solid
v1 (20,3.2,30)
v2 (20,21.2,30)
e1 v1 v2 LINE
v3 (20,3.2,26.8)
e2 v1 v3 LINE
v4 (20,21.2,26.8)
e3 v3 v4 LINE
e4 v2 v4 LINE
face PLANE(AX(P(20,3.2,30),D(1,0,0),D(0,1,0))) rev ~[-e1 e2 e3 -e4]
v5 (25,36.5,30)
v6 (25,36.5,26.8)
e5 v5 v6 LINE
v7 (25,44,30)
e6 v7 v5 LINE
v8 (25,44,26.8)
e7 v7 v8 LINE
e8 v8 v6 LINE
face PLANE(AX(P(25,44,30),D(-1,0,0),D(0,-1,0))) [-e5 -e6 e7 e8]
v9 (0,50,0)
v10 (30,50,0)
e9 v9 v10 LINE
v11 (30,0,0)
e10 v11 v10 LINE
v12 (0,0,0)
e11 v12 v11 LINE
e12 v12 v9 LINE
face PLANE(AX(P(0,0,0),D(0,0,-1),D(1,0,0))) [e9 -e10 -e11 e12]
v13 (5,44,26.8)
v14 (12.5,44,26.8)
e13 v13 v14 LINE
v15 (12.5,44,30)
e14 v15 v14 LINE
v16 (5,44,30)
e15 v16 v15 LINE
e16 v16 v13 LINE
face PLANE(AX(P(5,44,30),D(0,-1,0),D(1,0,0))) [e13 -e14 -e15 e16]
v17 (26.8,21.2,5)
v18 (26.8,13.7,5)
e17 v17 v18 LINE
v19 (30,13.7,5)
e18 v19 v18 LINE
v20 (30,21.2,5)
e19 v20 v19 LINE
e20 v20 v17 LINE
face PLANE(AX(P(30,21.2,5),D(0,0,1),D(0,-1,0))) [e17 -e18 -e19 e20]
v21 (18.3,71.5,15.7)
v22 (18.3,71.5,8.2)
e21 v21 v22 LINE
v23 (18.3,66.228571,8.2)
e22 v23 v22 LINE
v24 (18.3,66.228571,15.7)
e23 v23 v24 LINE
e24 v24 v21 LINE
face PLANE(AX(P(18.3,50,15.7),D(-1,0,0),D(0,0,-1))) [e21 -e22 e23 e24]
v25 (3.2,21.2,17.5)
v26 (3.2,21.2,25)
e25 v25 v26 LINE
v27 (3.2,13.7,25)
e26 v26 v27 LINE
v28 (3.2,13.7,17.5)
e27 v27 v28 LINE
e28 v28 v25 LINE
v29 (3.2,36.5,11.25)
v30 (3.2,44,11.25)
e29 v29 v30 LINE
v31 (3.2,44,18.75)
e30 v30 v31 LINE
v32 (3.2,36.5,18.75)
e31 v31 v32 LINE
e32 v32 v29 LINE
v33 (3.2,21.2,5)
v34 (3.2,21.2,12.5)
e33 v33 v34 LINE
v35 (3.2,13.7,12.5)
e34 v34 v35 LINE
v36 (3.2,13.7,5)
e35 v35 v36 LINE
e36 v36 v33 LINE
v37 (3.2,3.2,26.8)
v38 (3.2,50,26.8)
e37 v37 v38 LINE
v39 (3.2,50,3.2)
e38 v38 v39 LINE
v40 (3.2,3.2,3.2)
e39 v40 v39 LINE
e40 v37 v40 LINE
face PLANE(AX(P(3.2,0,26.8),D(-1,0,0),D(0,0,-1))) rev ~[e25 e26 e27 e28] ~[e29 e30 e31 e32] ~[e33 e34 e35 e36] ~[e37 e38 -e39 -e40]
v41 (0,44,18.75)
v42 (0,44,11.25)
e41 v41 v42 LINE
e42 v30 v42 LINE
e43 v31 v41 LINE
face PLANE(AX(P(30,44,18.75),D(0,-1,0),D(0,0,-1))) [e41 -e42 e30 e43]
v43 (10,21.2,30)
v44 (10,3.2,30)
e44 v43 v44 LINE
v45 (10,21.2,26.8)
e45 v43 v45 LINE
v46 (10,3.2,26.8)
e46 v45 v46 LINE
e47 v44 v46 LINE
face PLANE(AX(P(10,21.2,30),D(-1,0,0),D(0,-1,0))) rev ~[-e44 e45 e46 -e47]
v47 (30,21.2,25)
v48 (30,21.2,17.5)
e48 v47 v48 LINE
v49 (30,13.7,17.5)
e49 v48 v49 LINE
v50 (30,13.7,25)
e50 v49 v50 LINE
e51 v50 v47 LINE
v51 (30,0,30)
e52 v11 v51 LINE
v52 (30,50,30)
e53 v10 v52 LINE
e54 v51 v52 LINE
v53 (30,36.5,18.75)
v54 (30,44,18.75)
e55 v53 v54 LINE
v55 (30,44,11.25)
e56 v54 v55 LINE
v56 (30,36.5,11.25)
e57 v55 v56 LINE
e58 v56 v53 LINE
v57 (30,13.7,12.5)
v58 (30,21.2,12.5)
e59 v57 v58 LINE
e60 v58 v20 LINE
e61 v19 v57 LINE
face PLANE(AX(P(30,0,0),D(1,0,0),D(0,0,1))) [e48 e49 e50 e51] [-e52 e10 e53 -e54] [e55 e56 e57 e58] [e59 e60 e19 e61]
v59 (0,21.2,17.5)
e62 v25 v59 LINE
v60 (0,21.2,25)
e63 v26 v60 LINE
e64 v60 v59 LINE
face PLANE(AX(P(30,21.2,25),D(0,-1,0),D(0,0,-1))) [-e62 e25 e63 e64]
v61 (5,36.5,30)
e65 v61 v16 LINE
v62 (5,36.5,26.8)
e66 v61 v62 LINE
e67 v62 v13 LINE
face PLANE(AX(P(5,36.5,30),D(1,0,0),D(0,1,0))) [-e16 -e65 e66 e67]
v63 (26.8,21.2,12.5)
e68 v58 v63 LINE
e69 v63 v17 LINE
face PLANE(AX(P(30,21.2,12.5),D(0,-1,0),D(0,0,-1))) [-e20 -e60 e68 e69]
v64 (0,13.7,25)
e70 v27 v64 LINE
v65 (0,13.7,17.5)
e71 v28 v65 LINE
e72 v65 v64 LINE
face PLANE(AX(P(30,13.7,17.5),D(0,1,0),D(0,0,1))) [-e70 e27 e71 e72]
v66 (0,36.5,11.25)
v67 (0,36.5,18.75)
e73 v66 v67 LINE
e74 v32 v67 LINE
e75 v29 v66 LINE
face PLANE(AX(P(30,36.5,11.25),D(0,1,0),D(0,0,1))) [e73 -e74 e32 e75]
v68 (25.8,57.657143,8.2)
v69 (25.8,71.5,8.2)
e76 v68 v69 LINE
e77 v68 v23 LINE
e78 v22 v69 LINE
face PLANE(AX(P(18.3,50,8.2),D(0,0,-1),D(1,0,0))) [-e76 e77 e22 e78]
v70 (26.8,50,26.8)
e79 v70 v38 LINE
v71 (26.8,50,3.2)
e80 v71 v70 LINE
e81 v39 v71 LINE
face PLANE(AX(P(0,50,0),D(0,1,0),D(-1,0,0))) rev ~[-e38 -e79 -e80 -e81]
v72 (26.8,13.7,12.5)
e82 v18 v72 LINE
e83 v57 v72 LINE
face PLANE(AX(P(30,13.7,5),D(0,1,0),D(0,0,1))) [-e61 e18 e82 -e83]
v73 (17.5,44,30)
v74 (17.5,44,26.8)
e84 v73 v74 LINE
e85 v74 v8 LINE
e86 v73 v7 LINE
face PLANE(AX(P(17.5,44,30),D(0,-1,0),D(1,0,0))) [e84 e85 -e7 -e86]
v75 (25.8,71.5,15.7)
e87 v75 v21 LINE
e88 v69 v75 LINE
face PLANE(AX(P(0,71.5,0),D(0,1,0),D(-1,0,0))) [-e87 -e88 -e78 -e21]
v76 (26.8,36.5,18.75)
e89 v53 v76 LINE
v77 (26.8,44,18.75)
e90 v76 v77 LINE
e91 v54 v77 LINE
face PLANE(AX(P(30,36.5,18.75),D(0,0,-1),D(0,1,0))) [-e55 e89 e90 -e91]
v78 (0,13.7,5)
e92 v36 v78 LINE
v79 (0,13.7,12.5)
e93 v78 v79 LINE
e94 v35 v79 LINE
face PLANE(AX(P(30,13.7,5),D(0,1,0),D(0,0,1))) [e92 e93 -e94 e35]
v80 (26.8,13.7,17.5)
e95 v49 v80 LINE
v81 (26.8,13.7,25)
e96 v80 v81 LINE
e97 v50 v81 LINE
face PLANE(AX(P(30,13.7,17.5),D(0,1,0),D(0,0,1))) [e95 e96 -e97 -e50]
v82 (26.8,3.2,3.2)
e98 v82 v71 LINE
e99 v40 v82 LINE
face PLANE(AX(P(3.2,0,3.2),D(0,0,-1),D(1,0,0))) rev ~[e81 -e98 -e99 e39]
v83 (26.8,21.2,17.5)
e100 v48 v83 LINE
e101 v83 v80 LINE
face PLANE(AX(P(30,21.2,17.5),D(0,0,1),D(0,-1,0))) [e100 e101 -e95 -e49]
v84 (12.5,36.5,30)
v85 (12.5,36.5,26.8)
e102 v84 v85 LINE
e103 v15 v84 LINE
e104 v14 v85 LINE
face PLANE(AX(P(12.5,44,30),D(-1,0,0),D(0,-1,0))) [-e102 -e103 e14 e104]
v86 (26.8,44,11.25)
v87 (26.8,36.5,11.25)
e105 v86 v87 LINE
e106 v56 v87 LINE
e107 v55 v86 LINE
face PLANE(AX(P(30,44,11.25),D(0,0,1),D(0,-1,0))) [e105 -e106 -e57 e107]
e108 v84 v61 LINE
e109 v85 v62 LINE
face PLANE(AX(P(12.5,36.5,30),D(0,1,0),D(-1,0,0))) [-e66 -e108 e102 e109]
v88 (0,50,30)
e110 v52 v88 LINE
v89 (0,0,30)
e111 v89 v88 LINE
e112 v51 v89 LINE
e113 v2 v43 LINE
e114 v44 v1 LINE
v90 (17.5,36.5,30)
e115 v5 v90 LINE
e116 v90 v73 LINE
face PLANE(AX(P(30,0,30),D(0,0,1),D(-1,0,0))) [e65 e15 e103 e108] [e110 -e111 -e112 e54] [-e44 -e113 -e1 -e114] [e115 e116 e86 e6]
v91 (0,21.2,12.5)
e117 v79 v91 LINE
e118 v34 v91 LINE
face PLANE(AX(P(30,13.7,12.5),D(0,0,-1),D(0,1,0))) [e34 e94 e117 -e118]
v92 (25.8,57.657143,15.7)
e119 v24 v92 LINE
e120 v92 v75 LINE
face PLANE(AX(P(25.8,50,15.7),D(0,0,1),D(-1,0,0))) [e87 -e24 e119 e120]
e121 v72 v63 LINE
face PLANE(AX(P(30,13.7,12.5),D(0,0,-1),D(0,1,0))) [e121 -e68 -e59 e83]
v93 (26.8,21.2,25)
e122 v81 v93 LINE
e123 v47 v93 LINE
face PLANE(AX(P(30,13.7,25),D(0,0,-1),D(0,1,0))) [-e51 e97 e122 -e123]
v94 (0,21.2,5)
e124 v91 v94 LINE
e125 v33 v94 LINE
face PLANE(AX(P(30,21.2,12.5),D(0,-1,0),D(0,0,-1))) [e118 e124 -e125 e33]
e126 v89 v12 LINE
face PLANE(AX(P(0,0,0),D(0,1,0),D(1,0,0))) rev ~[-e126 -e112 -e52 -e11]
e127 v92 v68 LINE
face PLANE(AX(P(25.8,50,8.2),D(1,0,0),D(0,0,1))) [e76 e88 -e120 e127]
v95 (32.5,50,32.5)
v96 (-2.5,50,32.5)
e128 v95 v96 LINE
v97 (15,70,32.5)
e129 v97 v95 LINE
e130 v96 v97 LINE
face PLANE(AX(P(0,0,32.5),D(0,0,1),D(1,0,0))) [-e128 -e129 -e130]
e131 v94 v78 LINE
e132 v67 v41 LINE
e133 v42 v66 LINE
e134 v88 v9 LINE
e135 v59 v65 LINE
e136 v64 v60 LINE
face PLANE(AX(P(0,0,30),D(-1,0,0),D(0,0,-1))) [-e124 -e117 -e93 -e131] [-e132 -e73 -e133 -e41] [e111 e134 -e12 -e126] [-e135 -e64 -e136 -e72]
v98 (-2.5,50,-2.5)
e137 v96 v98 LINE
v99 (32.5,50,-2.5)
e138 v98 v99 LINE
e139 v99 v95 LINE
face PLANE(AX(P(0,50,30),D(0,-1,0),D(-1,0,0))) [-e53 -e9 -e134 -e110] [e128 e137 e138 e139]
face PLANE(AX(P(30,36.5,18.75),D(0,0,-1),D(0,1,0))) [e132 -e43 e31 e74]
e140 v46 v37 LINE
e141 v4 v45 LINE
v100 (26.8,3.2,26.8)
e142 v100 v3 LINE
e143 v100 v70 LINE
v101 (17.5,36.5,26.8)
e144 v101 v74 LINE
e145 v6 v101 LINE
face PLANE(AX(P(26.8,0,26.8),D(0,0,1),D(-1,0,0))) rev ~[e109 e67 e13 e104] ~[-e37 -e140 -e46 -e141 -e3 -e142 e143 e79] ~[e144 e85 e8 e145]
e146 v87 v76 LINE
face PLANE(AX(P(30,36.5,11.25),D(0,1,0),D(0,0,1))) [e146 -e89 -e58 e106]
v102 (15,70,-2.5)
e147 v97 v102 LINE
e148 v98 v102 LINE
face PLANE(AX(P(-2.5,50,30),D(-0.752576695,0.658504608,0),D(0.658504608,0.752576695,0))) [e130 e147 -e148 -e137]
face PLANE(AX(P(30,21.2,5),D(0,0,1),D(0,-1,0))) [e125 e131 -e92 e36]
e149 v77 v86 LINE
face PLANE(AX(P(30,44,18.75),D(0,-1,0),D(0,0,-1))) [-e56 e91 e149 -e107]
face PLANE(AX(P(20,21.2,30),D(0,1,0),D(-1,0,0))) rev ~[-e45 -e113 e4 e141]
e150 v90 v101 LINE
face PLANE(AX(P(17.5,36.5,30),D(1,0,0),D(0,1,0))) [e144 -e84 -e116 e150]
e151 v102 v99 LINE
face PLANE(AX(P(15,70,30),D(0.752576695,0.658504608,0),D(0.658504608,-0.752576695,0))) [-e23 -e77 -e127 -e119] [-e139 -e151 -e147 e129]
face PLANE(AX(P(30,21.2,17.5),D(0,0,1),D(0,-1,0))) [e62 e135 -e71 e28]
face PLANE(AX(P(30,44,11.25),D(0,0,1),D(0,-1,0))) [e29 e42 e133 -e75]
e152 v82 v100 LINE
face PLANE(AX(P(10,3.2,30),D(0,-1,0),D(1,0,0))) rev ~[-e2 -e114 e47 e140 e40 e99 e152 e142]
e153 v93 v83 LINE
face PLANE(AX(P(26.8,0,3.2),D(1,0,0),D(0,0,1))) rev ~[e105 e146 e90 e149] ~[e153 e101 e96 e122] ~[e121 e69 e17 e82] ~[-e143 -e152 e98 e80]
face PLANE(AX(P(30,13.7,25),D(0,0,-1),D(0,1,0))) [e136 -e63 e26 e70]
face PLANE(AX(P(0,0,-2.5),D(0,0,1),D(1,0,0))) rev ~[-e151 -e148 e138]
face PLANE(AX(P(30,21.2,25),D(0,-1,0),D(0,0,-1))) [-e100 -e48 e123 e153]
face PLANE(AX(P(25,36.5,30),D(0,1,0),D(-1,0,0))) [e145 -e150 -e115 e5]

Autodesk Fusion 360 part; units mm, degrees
sketch "Sketch1" plane through (0, 0, 0) normal (0, 1, 0) x (1, 0, 0)
  line L0 (0, 0) -> (30, 0)
  line L1 (30, 0) -> (30, -30)
  line L2 (30, -30) -> (0, -30)
  line L3 (0, -30) -> (0, 0)
  line L4 (3.2, -3.2) -> (26.8, -3.2)
  line L5 (26.8, -3.2) -> (26.8, -26.8)
  line L6 (26.8, -26.8) -> (3.2, -26.8)
  line L7 (3.2, -26.8) -> (3.2, -3.2)
  dimension "d1" = 30
  dimension "d2" = 30
  dimension "d3" = 3.2
  dimension "d4" = 3.2
  dimension "d5" = 3.2
  dimension "d6" = 3.2
extrude "Extrude1" add sketch "Sketch1" along normal blind 50 makes body 1
sketch "Sketch2" plane through (0, 0, 30) normal (0, 0, 1) x (1, 0, 0)
  line L0 (0, 0) -> (30, 0)
  line L1 (30, 0) -> (30, 50)
  line L2 (30, 50) -> (0, 50)
  line L3 (0, 50) -> (0, 0)
  line L4 (10, 3.2) -> (20, 3.2)
  line L5 (20, 3.2) -> (20, 21.2)
  line L6 (20, 21.2) -> (10, 21.2)
  line L7 (10, 21.2) -> (10, 3.2)
  line L8 (5, 44) -> (12.5, 44)
  line L9 (12.5, 44) -> (12.5, 36.5)
  line L10 (12.5, 36.5) -> (5, 36.5)
  line L11 (5, 36.5) -> (5, 44)
  line L12 (17.5, 44) -> (25, 44)
  line L13 (25, 44) -> (25, 36.5)
  line L14 (25, 36.5) -> (17.5, 36.5)
  line L15 (17.5, 36.5) -> (17.5, 44)
  line L16 (0, 50) -> (-2.5, 50)
  line L17 (30, 50) -> (32.5, 50)
  line L18 (-2.5, 50) -> (15, 70)
  line L19 (15, 70) -> (32.5, 50)
  dimension "d9" = 18
  dimension "d10" = 10
  dimension "d11" = 10
  dimension "d12" = 3.2
  dimension "d13" = 7.5
  dimension "d14" = 7.5
  dimension "d15" = 5
  dimension "d16" = 6
  dimension "d17" = 7.5
  dimension "d18" = 7.5
  dimension "d19" = 5
  dimension "d20" = 6
  dimension "d51" = 2.5
  dimension "d52" = 2.5
  dimension "d53" = 17.5
  dimension "d54" = 20
extrude "Extrude2" cut sketch "Sketch2" against normal blind 3.2 contours L4 L5 L6 L7 bodies 1
extrude "Extrude3" add sketch "Sketch1" along normal blind 3.2 contours L4 L5 L6 L7 bodies 1
extrude "Extrude4" cut sketch "Sketch2" against normal blind 3.2 contours L8 L9 L10 L11 | L12 L13 L14 L15 bodies 1
sketch "Sketch3" plane through (30, 0, 0) normal (1, 0, 0) x (0, 0, -1)
  line L0 (-30, 0) -> (0, 0)
  line L1 (0, 0) -> (0, 50)
  line L2 (0, 50) -> (-30, 50)
  line L3 (-30, 50) -> (-30, 0)
  line L4 (-25, 21.2) -> (-17.5, 21.2)
  line L5 (-17.5, 21.2) -> (-17.5, 13.7)
  line L6 (-17.5, 13.7) -> (-25, 13.7)
  line L7 (-25, 13.7) -> (-25, 21.2)
  line L8 (-12.5, 21.2) -> (-5, 21.2)
  line L9 (-5, 21.2) -> (-5, 13.7)
  line L10 (-5, 13.7) -> (-12.5, 13.7)
  line L11 (-12.5, 13.7) -> (-12.5, 21.2)
  line L12 (-30, 3.2) -> (-30, 21.2)
  line L13 (0, 0) -> (-30, 0)
  line L14 (-18.75, 44) -> (-11.25, 44)
  line L15 (-11.25, 44) -> (-11.25, 36.5)
  line L16 (-11.25, 36.5) -> (-18.75, 36.5)
  line L17 (-18.75, 36.5) -> (-18.75, 44)
  dimension "d27" = 7.5
  dimension "d28" = 7.5
  dimension "d29" = 5
  dimension "d30" = 5
  dimension "d31" = 7.5
  dimension "d32" = 7.5
  dimension "d33" = 13.7
  dimension "d34" = 13.7
  dimension "d35" = 6
  dimension "d36" = 7.5
  dimension "d37" = 7.5
  dimension "d38" = 11.25
extrude "Extrude5" cut sketch "Sketch3" against normal blind 30 contours L14 L15 L16 L17 bodies 1
extrude "Extrude6" cut sketch "Sketch3" against normal blind 30 contours L4 L5 L6 L7 | L8 L9 L10 L11 bodies 1
sketch "Sketch4" plane through (0, 50, 0) normal (0, 1, 0) x (-1, 0, 0)
  line L0 (-26.8, 26.8) -> (-3.2, 26.8)
  line L1 (-3.2, 26.8) -> (-3.2, 3.2)
  line L2 (-3.2, 3.2) -> (-26.8, 3.2)
  line L3 (-26.8, 3.2) -> (-26.8, 26.8)
  line L4 (0, 30) -> (-30, 30)
  line L5 (-30, 30) -> (-30, 0)
  line L6 (-30, 0) -> (0, 0)
  line L7 (0, 0) -> (0, 30)
  line L8 (2.5, -2.5) -> (-32.5, -2.5)
  line L9 (-32.5, -2.5) -> (-32.5, 32.5)
  line L10 (-32.5, 32.5) -> (2.5, 32.5)
  line L11 (2.5, 32.5) -> (2.5, -2.5)
  line L12 (0, 30) -> (0, 0)
  line L13 (0, 0) -> (-30, 0)
  line L14 (-30, 0) -> (-30, 30)
  line L15 (-30, 30) -> (0, 30)
  line L16 (-18.3, 8.2) -> (-25.8, 8.2)
  line L17 (-25.8, 8.2) -> (-25.8, 15.7)
  line L18 (-25.8, 15.7) -> (-18.3, 15.7)
  line L19 (-18.3, 15.7) -> (-18.3, 8.2)
  line L20 (-26.8, 26.8) -> (-3.2, 26.8)
  line L21 (-26.8, 3.2) -> (-26.8, 26.8)
  line L22 (-3.2, 3.2) -> (-26.8, 3.2)
  dimension "d43" = 2.5
  dimension "d44" = 2.5
  dimension "d45" = 2.5
  dimension "d46" = 2.5
  dimension "d47" = 7.5
  dimension "d48" = 7.5
  dimension "d59" = 1
  dimension "d60" = 5
extrude "Extrude7" add sketch "Sketch2" along normal blind 2.5 separate body contours L2 L16 L17 L18 L19 makes body 2
extrude "Extrude8" add sketch "Sketch2" against normal blind 32.5 contours L2 L16 L17 L18 L19 bodies 1 2
extrude "Extrude9" add sketch "Sketch4" along normal blind 21.5 contours L16 L17 L18 L19 bodies 1
